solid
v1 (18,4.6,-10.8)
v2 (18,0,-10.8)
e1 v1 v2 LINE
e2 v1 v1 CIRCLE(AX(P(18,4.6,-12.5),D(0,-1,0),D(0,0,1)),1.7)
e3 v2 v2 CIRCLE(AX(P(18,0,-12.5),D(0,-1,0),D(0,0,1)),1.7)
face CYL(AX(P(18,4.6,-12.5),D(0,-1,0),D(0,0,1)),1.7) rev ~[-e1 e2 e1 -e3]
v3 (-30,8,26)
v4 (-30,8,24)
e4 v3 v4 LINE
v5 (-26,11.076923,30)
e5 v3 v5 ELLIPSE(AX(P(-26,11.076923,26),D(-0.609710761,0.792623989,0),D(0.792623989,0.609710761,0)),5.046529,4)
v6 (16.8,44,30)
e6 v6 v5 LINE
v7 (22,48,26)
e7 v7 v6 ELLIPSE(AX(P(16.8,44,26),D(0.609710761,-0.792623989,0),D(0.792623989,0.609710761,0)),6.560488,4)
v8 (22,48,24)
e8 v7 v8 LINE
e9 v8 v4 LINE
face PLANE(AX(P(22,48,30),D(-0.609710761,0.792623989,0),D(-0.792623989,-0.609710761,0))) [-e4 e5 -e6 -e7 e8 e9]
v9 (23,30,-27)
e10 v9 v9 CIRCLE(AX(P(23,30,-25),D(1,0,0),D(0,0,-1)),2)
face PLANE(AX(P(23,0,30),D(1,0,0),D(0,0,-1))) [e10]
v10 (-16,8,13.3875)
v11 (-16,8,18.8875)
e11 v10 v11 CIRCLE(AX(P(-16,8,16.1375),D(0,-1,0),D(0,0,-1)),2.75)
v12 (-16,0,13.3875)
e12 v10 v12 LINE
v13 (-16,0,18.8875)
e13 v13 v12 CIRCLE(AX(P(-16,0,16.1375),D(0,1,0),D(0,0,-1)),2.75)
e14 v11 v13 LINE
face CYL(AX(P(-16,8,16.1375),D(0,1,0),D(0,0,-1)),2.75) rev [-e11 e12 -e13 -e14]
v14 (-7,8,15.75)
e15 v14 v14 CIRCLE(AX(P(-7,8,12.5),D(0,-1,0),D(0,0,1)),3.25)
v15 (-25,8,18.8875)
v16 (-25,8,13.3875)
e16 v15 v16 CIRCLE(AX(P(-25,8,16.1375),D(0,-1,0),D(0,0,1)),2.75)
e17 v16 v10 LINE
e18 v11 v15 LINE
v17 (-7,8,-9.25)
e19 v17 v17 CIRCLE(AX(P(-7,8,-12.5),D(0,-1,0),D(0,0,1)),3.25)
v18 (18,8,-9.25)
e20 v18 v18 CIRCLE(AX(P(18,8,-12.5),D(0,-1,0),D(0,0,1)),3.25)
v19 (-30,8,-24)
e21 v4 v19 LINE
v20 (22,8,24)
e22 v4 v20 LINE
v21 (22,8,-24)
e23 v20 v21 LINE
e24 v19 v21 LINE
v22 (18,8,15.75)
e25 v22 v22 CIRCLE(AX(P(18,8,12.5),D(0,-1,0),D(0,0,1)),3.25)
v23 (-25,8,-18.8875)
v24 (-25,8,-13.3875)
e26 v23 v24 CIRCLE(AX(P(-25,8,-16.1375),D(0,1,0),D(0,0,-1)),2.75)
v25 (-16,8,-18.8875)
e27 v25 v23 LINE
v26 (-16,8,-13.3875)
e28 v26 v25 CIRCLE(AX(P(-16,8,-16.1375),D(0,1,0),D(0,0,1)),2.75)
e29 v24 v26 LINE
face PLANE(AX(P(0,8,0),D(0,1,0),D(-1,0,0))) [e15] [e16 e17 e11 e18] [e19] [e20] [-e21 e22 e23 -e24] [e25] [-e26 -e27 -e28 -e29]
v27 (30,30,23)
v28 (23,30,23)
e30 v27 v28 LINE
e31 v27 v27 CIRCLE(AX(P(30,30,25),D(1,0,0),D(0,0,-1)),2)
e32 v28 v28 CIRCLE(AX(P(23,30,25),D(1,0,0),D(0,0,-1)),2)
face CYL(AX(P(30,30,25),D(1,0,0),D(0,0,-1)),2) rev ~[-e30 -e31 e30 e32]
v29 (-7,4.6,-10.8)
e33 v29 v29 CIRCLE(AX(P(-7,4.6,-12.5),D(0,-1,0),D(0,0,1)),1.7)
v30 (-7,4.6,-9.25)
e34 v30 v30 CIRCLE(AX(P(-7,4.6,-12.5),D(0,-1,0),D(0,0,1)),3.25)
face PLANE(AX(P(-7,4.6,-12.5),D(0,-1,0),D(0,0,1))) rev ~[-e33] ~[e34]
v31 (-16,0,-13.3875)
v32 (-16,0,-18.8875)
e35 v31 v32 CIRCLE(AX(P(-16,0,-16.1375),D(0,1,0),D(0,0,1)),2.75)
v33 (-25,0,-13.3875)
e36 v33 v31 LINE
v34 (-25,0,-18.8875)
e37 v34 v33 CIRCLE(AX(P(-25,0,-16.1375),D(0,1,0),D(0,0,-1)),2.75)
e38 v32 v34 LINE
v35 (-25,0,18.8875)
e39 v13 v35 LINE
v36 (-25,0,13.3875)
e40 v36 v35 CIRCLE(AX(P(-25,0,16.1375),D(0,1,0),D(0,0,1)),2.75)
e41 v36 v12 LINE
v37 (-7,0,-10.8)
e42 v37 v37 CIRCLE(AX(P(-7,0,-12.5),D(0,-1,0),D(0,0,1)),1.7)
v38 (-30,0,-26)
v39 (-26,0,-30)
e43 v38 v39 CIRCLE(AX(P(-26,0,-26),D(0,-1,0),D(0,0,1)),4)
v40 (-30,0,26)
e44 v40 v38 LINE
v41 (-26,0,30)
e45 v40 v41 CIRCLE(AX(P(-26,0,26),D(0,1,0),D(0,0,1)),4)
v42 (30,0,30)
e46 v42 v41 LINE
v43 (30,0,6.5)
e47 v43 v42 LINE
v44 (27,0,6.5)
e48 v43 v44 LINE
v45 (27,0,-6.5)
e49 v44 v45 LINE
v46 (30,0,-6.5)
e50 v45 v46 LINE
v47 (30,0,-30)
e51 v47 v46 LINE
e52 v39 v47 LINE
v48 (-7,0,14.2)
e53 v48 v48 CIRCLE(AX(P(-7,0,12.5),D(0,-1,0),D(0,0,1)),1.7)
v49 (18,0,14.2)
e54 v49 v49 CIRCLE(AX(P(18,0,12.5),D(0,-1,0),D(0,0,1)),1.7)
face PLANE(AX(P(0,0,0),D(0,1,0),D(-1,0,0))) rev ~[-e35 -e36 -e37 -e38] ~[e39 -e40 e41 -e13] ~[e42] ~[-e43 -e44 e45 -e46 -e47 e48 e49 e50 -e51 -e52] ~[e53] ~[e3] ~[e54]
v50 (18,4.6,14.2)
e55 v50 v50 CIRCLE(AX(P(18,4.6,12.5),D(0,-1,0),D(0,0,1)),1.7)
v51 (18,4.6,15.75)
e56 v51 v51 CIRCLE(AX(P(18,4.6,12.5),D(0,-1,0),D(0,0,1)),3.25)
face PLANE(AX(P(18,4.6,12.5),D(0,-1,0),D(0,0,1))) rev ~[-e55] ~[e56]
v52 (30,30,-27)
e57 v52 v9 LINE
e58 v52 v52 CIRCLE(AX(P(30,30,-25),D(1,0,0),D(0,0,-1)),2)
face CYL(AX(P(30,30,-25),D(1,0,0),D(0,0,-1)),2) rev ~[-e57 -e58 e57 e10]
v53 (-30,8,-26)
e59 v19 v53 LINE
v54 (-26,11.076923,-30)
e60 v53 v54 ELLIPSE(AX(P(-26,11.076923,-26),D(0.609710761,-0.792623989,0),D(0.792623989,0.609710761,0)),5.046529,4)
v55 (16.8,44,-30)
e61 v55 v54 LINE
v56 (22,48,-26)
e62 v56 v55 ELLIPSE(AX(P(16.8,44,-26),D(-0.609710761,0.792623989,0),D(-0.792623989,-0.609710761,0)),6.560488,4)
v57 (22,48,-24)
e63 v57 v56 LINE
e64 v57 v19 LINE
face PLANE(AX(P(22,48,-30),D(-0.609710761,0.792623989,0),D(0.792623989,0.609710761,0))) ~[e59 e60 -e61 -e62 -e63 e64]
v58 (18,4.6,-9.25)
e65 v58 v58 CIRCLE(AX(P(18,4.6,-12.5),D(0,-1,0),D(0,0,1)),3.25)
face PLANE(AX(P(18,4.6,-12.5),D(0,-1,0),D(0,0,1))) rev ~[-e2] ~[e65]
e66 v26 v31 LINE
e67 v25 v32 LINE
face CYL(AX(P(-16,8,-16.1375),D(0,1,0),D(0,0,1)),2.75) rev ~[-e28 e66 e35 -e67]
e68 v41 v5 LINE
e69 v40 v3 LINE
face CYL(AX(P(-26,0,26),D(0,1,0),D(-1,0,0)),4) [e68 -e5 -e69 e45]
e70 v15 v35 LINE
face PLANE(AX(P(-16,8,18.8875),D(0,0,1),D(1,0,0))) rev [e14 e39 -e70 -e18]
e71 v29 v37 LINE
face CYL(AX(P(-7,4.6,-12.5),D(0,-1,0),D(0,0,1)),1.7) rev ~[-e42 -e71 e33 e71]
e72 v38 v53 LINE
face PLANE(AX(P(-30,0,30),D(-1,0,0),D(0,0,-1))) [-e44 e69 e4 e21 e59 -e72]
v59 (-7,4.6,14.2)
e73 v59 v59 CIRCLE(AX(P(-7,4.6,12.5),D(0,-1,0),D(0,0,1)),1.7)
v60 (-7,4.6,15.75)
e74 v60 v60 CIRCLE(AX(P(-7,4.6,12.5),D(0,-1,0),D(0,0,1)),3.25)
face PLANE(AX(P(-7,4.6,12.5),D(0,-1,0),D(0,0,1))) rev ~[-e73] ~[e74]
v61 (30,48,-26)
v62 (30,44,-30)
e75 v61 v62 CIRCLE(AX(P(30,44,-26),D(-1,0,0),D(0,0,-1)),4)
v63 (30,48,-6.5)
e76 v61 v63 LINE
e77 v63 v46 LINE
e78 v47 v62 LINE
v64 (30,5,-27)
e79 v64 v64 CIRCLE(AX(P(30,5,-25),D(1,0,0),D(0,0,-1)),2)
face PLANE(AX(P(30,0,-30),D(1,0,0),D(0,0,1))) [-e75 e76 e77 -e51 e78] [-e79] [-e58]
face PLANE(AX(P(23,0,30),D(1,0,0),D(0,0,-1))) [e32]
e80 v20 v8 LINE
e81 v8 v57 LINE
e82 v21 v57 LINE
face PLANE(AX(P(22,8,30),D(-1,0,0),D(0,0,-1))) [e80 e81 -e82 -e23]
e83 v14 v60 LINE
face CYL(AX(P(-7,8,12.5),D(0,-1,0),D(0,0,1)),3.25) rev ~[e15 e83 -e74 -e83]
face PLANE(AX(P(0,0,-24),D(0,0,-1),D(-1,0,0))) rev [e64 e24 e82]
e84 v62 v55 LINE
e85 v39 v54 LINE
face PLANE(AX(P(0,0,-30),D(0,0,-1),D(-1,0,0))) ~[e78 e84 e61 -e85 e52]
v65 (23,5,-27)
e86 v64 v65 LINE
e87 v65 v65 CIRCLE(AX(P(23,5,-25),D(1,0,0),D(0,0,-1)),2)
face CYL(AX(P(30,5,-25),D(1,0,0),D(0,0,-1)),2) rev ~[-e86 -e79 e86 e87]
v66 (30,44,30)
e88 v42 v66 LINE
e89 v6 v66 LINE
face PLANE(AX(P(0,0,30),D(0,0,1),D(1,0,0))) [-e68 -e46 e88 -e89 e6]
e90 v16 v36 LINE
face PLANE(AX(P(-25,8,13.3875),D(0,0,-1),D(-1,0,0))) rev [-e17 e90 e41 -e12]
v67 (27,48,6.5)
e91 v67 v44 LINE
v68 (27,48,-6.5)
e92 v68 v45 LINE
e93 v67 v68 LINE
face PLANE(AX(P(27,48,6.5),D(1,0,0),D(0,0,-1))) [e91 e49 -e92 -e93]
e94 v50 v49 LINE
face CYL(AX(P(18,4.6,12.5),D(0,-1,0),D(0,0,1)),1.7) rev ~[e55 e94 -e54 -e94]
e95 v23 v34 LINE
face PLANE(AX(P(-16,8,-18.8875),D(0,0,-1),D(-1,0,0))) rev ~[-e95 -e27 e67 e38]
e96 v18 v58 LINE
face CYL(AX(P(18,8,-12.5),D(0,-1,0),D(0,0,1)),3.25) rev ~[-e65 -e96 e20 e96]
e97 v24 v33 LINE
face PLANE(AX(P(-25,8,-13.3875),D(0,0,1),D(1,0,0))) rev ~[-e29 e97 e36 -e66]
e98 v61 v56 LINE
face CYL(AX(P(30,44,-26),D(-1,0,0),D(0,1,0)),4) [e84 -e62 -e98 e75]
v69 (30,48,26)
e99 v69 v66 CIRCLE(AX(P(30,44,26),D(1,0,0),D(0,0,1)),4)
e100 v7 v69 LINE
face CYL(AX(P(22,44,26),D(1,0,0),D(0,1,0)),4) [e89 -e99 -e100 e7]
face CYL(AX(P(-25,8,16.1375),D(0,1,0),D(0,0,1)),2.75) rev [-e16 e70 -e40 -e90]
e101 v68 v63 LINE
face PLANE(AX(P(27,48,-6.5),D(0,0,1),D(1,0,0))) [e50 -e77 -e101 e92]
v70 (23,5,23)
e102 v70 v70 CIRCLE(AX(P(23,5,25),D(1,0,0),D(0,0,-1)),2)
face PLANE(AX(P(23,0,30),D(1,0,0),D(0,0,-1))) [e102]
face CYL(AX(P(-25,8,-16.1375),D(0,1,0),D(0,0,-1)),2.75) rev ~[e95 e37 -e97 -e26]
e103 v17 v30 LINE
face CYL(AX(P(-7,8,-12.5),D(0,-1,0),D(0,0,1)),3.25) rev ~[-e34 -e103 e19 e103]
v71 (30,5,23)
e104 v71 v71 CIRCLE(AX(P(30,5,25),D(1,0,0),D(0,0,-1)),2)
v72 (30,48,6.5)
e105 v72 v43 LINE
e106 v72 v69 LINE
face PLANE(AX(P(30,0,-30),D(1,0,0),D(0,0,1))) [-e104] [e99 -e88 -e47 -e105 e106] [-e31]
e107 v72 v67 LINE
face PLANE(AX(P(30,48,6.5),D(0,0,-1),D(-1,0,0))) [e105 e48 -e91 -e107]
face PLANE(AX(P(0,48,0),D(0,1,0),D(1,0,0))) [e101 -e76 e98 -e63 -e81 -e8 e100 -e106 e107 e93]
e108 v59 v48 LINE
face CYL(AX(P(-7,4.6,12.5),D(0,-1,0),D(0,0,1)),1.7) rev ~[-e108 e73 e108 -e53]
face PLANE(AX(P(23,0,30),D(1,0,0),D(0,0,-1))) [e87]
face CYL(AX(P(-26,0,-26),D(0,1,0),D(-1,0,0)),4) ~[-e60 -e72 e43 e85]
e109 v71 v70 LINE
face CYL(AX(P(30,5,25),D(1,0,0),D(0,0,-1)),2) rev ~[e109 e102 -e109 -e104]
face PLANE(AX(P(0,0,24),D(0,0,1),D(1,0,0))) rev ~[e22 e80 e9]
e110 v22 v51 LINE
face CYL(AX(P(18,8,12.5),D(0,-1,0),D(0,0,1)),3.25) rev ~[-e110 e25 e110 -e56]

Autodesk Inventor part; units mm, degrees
ref_plane "YZ Plane" through (0, 0, 0) normal (1, 0, 0) x (0, 1, 0)
ref_plane "XZ Plane" through (0, 0, 0) normal (0, 1, 0) x (-1, 0, 0)
ref_plane "XY Plane" through (0, 0, 0) normal (0, 0, 1) x (1, 0, 0)
sketch "Skizze1" plane through (0, 0, 0) normal (0, 1, 0) x (-1, 0, 0)
  line L0 (-30, 30) -> (30, 30)
  line L1 (30, 30) -> (30, -30)
  line L2 (30, -30) -> (-30, -30)
  line L3 (-30, -30) -> (-30, 30)
  line L4 (-30, 30) -> (30, -30) construction
  line L5 (30, 30) -> (-30, -30) construction
  point P0 (0, 0)
  dimension "d0" = 60
  dimension "d1" = 60
extrude "Extrusion1" add sketch "Skizze1" along normal blind 8
sketch "Skizze2" plane through (0, 8, 0) normal (0, 1, 0) x (1, 0, 0)
  line L0 (-30, -30) -> (30, -30) projected
  line L1 (30, 30) -> (-30, 30) projected
  line L2 (30, -30) -> (22, -30)
  line L3 (22, -30) -> (22, 30)
  line L4 (22, 30) -> (30, 30)
  line L5 (30, 30) -> (30, -30)
  point P0 (0, 0)
  dimension "d4" = 8
extrude "Extrusion2" add sketch "Skizze2" along normal blind 40
sketch "Skizze3" plane through (0, 8, 0) normal (0, 1, 0) x (1, 0, 0)
  line L0 (42, 0) -> (-42, 0) projected
  line L1 (22, 30) -> (22, -30) projected
  point P0 (0, 0)
  point P1 (18, -12.5)
  point P2 (18, 12.5)
  point P3 (-7, 12.5)
  point P4 (-7, -12.5)
  dimension "d7" = 25
  dimension "d8" = 25
  dimension "d9" = 4
hole "Bohrung1" at (18, 8, 12.5) at (18, 8, -12.5) at (-7, 8, -12.5) at (-7, 8, 12.5) direction (0, -1, 0) diameter 3.4 end through all counterbore diameter 6.5 counterbore depth 3.4 clearance for "Inbusschraube ISO 4762" size "M3" standard "ISO"
sketch "Skizze4" plane through (30, 0, 30) normal (1, 0, 0) x (0, 0, -1)
  line L0 (30, -9.6) -> (30, 57.6) projected
  circle A0 centre (5, 5) radius 2
  circle A1 centre (55, 5) radius 2
  line L1 (0, 48) -> (60, 48) projected
  line L2 (0, 0) -> (60, 0) projected
  circle A2 centre (55, 30) radius 2
  circle A3 centre (5, 30) radius 2
  point P0 (30, 0)
  dimension "d17" = 4
  dimension "d18" = 50
  dimension "d22" = 5
  dimension "d25" = 25
extrude "Extrusion3" cut sketch "Skizze4" against normal blind 7
sketch "Skizze5" plane through (0, 0, 0) normal (0, 0, 1) x (1, 0, 0)
  line L0 (30, 48) -> (22, 48) projected
  line L1 (-30, 0) -> (-30, 8) projected
  line L2 (22, 48) -> (-30, 8)
  line L3 (-30, 8) -> (22, 8)
  line L4 (22, 8) -> (22, 48)
  point P0 (0, 0)
extrude "Extrusion4" add sketch "Skizze5" against normal blind 6 from surface at 30
mirror "Spiegeln1" about plane through (0, 0, 0) normal (0, 0, 1) of "Extrusion4"
sketch "Skizze6" plane through (0, 48, 0) normal (0, 1, 0) x (1, 0, 0)
  line L0 (33, -6.5) -> (27, -6.5)
  line L1 (27, -6.5) -> (27, 6.5)
  line L2 (27, 6.5) -> (33, 6.5)
  line L3 (33, 6.5) -> (33, -6.5)
  line L4 (30, -30) -> (30, 30) projected
  line L5 (33, -6.5) -> (27, 6.5) construction
  line L6 (27, -6.5) -> (33, 6.5) construction
  point P0 (0, 0)
  point P1 (30, 0)
  point P2 (30, -6.5)
  point P3 (30, 6.5)
  dimension "d26" = 3
  dimension "d27" = 13
extrude "Extrusion5" cut sketch "Skizze6" against normal through all contours L0 L1 L2 L4
sketch "Skizze7" plane through (0, 8, 0) normal (0, 1, 0) x (1, 0, 0)
  line L0 (-25, 16.1375) -> (-16, 16.1375) construction
  line L1 (-25, 13.3875) -> (-16, 13.3875)
  line L2 (-16, 18.8875) -> (-25, 18.8875)
  arc A0 (-25, 18.8875) -> (-25, 13.3875) centre (-25, 16.1375) ccw
  arc A1 (-16, 13.3875) -> (-16, 18.8875) centre (-16, 16.1375) ccw
  line L3 (-30, 24) -> (-30, -24) projected
  point P0 (0, 0)
  point P1 (-20.5, 16.1375)
  dimension "d30" = 5.5
  dimension "d31" = 9
  dimension "d32" = 9.5
extrude "Extrusion6" cut sketch "Skizze7" against normal through all
mirror "Spiegeln2" about plane through (0, 0, 0) normal (0, 0, 1) of "Extrusion6"
fillet "Rundung1" radius 4 4 edges at (26, 48, 30) (26, 48, -30) (-30, 4, 30) (-30, 4, -30)
properties part number "26_Laser_carriage_V2" material "PET-Kunststoff"
